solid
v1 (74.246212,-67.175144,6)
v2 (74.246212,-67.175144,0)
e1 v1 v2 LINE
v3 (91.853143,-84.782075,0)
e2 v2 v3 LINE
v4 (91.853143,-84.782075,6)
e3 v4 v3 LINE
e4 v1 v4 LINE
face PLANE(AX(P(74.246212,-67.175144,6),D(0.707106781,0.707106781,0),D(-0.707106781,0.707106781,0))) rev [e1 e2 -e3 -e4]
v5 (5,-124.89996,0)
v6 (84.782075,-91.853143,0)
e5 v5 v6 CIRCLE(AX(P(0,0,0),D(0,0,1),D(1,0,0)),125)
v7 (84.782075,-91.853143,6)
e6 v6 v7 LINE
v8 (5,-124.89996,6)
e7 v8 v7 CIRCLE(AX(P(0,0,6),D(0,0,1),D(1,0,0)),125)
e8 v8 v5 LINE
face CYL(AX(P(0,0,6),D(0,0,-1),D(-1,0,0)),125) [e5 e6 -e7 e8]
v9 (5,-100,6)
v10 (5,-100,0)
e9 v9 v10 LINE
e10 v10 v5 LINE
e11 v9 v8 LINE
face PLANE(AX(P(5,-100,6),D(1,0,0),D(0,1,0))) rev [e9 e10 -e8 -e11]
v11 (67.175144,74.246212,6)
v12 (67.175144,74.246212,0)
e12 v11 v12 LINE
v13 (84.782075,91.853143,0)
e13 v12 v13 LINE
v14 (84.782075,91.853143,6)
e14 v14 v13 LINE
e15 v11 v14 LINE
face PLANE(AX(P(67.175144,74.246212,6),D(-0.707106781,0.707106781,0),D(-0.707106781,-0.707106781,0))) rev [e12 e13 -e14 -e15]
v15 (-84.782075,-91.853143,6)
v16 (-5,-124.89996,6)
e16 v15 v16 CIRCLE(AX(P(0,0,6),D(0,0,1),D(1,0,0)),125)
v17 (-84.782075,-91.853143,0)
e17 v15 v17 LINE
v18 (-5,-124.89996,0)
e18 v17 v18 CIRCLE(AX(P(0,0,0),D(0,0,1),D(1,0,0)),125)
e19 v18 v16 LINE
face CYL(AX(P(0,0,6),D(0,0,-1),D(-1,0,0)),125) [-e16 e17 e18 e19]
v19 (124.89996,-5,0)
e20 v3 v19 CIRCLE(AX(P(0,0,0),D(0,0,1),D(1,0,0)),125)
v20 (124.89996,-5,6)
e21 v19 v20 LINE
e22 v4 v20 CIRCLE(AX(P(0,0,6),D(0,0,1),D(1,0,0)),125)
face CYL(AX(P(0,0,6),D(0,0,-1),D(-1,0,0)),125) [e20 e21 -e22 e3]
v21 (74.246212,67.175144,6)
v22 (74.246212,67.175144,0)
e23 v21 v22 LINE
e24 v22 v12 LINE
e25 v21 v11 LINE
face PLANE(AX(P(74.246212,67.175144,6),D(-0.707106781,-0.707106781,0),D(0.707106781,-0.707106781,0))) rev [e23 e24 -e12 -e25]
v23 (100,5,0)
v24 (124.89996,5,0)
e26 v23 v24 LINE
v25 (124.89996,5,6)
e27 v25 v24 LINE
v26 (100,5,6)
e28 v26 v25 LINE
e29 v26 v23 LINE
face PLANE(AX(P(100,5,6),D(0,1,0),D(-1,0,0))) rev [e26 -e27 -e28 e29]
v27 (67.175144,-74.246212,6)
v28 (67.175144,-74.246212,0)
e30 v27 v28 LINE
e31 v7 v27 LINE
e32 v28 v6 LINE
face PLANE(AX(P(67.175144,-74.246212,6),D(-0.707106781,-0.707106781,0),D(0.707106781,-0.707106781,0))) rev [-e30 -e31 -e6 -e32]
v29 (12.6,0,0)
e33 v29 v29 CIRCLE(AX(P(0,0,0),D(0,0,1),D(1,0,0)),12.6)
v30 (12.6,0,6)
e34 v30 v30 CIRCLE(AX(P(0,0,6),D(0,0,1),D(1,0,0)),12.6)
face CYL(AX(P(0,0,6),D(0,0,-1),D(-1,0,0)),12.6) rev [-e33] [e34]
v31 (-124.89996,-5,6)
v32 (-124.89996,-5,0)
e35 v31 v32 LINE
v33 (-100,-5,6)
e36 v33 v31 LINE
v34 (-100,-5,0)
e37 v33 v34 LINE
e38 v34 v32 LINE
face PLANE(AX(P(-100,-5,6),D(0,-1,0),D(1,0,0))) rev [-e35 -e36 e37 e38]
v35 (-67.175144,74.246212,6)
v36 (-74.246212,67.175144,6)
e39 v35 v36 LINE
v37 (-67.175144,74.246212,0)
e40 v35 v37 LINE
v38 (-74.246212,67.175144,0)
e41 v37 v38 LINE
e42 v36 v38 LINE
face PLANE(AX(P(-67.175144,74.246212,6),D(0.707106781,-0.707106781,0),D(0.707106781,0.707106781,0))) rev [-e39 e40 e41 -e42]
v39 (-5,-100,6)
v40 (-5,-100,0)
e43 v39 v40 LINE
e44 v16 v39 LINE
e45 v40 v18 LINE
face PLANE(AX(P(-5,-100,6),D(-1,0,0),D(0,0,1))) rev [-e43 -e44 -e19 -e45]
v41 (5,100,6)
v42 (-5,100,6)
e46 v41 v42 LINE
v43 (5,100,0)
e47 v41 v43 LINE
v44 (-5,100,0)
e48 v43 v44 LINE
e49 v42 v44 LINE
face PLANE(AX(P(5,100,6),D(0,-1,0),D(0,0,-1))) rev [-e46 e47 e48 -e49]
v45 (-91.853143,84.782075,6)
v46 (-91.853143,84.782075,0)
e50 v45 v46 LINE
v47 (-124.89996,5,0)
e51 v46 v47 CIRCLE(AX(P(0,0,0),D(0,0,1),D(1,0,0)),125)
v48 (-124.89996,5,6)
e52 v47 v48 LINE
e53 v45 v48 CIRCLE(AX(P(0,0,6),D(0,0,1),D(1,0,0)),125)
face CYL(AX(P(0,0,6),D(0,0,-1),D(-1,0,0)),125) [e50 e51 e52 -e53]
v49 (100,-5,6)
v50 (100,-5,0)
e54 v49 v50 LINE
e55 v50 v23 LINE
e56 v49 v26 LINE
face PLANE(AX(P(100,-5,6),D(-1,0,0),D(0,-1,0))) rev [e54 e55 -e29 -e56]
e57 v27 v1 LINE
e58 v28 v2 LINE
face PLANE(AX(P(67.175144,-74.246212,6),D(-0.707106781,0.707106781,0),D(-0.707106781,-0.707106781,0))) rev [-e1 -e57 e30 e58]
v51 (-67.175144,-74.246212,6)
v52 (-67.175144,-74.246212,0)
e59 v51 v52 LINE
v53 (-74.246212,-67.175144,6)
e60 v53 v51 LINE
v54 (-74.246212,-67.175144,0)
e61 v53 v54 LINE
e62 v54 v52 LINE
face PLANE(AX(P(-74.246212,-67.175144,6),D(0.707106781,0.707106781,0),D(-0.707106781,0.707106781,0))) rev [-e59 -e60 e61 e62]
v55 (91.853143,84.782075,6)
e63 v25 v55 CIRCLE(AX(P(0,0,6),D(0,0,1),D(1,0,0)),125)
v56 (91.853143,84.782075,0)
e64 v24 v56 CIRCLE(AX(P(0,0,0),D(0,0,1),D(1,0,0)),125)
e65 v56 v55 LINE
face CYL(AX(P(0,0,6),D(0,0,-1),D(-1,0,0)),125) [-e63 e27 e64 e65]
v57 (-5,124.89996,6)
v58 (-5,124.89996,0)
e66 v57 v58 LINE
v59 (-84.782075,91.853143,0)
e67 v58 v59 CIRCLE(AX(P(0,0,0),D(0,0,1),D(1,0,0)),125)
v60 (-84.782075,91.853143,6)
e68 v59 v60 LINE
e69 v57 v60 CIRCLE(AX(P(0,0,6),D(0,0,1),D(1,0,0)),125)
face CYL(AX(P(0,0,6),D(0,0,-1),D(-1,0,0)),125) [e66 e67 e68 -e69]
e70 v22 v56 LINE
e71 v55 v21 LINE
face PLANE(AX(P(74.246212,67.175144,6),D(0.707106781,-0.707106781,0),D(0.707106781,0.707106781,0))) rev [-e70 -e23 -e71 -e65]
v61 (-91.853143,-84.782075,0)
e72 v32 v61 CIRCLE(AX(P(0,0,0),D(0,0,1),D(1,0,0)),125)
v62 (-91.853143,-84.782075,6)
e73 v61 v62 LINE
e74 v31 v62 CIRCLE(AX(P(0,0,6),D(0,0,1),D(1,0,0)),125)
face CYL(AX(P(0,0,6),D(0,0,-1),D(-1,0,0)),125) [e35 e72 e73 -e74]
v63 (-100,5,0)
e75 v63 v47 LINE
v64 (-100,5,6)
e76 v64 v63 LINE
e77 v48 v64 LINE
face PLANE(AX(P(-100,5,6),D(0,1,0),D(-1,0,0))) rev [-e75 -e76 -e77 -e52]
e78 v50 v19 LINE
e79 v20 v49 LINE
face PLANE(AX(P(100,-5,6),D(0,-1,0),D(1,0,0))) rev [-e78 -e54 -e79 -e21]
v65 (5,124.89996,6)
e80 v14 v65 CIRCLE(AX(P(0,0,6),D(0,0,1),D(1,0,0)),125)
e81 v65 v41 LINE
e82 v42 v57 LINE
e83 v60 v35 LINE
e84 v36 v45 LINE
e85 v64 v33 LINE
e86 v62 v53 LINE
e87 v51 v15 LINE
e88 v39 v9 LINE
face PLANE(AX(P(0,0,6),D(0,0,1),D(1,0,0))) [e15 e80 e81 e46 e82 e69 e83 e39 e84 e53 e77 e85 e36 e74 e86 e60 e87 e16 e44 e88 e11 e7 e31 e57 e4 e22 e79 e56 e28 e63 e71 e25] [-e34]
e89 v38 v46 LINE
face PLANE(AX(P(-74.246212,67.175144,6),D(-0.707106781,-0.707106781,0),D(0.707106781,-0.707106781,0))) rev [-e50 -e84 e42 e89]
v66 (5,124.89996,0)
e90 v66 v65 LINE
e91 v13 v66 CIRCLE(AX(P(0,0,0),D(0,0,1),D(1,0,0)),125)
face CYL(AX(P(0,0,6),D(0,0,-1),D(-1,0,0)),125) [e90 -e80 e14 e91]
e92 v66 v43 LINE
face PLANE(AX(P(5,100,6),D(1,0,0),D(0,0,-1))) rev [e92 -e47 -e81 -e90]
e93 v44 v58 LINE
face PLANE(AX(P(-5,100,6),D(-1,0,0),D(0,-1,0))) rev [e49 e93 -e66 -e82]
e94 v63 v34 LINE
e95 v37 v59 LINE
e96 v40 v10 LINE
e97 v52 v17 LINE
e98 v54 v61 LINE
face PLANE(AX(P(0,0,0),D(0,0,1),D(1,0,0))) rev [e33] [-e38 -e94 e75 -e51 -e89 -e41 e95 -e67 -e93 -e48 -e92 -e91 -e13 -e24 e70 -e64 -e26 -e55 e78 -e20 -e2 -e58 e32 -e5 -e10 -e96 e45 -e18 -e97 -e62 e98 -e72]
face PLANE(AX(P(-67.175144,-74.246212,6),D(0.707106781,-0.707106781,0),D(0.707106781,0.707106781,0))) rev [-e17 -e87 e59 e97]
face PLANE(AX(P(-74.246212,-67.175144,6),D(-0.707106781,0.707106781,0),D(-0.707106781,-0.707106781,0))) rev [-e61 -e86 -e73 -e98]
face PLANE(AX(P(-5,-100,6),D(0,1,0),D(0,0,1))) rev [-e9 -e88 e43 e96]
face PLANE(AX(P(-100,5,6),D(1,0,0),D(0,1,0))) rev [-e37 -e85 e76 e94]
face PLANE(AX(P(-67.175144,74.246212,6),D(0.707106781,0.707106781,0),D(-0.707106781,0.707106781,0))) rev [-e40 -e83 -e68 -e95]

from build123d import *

# Parameters (mm, degrees)
ESQUISSE1_R                  = 125
ESQUISSE1_R_2                = 12.6
BOSS_EXTRU_1_DEPTH           = 6
ESQUISSE2_W                  = 10
ESQUISSE2_H                  = 25
ENL_V_MAT_EXTRU_1_DEPTH      = 7
R_P_TITION_CIRCULAIRE1_COUNT = 8


with BuildPart() as part:
    # Esquisse1 → Boss.-Extru.1 (new body)
    with BuildSketch(Plane.XY):
        Circle(ESQUISSE1_R)
        Circle(ESQUISSE1_R_2, mode=Mode.SUBTRACT)
    extrude(amount=BOSS_EXTRU_1_DEPTH)

    # Esquisse2 → Enlèv. mat.-Extru.1 (cut, through all)
    with BuildSketch(Plane(origin=(0, 0, 0), x_dir=(-1, 0, 0), z_dir=(0, 0, -1))):
        with Locations((0, 112.5)):
            Rectangle(ESQUISSE2_W, ESQUISSE2_H)
    enl_v_mat_extru_1 = extrude(amount=-ENL_V_MAT_EXTRU_1_DEPTH, mode=Mode.SUBTRACT)

    # Répétition circulaire1: Enlèv. mat.-Extru.1 ×8 about axis
    r_p_tition_circulaire1_axis = Axis((0, 0, 0), (0, 0, 1))
    for i in range(1, R_P_TITION_CIRCULAIRE1_COUNT):
        add(enl_v_mat_extru_1.rotate(r_p_tition_circulaire1_axis, i * 360 / R_P_TITION_CIRCULAIRE1_COUNT), mode=Mode.SUBTRACT)


solid = part.part
